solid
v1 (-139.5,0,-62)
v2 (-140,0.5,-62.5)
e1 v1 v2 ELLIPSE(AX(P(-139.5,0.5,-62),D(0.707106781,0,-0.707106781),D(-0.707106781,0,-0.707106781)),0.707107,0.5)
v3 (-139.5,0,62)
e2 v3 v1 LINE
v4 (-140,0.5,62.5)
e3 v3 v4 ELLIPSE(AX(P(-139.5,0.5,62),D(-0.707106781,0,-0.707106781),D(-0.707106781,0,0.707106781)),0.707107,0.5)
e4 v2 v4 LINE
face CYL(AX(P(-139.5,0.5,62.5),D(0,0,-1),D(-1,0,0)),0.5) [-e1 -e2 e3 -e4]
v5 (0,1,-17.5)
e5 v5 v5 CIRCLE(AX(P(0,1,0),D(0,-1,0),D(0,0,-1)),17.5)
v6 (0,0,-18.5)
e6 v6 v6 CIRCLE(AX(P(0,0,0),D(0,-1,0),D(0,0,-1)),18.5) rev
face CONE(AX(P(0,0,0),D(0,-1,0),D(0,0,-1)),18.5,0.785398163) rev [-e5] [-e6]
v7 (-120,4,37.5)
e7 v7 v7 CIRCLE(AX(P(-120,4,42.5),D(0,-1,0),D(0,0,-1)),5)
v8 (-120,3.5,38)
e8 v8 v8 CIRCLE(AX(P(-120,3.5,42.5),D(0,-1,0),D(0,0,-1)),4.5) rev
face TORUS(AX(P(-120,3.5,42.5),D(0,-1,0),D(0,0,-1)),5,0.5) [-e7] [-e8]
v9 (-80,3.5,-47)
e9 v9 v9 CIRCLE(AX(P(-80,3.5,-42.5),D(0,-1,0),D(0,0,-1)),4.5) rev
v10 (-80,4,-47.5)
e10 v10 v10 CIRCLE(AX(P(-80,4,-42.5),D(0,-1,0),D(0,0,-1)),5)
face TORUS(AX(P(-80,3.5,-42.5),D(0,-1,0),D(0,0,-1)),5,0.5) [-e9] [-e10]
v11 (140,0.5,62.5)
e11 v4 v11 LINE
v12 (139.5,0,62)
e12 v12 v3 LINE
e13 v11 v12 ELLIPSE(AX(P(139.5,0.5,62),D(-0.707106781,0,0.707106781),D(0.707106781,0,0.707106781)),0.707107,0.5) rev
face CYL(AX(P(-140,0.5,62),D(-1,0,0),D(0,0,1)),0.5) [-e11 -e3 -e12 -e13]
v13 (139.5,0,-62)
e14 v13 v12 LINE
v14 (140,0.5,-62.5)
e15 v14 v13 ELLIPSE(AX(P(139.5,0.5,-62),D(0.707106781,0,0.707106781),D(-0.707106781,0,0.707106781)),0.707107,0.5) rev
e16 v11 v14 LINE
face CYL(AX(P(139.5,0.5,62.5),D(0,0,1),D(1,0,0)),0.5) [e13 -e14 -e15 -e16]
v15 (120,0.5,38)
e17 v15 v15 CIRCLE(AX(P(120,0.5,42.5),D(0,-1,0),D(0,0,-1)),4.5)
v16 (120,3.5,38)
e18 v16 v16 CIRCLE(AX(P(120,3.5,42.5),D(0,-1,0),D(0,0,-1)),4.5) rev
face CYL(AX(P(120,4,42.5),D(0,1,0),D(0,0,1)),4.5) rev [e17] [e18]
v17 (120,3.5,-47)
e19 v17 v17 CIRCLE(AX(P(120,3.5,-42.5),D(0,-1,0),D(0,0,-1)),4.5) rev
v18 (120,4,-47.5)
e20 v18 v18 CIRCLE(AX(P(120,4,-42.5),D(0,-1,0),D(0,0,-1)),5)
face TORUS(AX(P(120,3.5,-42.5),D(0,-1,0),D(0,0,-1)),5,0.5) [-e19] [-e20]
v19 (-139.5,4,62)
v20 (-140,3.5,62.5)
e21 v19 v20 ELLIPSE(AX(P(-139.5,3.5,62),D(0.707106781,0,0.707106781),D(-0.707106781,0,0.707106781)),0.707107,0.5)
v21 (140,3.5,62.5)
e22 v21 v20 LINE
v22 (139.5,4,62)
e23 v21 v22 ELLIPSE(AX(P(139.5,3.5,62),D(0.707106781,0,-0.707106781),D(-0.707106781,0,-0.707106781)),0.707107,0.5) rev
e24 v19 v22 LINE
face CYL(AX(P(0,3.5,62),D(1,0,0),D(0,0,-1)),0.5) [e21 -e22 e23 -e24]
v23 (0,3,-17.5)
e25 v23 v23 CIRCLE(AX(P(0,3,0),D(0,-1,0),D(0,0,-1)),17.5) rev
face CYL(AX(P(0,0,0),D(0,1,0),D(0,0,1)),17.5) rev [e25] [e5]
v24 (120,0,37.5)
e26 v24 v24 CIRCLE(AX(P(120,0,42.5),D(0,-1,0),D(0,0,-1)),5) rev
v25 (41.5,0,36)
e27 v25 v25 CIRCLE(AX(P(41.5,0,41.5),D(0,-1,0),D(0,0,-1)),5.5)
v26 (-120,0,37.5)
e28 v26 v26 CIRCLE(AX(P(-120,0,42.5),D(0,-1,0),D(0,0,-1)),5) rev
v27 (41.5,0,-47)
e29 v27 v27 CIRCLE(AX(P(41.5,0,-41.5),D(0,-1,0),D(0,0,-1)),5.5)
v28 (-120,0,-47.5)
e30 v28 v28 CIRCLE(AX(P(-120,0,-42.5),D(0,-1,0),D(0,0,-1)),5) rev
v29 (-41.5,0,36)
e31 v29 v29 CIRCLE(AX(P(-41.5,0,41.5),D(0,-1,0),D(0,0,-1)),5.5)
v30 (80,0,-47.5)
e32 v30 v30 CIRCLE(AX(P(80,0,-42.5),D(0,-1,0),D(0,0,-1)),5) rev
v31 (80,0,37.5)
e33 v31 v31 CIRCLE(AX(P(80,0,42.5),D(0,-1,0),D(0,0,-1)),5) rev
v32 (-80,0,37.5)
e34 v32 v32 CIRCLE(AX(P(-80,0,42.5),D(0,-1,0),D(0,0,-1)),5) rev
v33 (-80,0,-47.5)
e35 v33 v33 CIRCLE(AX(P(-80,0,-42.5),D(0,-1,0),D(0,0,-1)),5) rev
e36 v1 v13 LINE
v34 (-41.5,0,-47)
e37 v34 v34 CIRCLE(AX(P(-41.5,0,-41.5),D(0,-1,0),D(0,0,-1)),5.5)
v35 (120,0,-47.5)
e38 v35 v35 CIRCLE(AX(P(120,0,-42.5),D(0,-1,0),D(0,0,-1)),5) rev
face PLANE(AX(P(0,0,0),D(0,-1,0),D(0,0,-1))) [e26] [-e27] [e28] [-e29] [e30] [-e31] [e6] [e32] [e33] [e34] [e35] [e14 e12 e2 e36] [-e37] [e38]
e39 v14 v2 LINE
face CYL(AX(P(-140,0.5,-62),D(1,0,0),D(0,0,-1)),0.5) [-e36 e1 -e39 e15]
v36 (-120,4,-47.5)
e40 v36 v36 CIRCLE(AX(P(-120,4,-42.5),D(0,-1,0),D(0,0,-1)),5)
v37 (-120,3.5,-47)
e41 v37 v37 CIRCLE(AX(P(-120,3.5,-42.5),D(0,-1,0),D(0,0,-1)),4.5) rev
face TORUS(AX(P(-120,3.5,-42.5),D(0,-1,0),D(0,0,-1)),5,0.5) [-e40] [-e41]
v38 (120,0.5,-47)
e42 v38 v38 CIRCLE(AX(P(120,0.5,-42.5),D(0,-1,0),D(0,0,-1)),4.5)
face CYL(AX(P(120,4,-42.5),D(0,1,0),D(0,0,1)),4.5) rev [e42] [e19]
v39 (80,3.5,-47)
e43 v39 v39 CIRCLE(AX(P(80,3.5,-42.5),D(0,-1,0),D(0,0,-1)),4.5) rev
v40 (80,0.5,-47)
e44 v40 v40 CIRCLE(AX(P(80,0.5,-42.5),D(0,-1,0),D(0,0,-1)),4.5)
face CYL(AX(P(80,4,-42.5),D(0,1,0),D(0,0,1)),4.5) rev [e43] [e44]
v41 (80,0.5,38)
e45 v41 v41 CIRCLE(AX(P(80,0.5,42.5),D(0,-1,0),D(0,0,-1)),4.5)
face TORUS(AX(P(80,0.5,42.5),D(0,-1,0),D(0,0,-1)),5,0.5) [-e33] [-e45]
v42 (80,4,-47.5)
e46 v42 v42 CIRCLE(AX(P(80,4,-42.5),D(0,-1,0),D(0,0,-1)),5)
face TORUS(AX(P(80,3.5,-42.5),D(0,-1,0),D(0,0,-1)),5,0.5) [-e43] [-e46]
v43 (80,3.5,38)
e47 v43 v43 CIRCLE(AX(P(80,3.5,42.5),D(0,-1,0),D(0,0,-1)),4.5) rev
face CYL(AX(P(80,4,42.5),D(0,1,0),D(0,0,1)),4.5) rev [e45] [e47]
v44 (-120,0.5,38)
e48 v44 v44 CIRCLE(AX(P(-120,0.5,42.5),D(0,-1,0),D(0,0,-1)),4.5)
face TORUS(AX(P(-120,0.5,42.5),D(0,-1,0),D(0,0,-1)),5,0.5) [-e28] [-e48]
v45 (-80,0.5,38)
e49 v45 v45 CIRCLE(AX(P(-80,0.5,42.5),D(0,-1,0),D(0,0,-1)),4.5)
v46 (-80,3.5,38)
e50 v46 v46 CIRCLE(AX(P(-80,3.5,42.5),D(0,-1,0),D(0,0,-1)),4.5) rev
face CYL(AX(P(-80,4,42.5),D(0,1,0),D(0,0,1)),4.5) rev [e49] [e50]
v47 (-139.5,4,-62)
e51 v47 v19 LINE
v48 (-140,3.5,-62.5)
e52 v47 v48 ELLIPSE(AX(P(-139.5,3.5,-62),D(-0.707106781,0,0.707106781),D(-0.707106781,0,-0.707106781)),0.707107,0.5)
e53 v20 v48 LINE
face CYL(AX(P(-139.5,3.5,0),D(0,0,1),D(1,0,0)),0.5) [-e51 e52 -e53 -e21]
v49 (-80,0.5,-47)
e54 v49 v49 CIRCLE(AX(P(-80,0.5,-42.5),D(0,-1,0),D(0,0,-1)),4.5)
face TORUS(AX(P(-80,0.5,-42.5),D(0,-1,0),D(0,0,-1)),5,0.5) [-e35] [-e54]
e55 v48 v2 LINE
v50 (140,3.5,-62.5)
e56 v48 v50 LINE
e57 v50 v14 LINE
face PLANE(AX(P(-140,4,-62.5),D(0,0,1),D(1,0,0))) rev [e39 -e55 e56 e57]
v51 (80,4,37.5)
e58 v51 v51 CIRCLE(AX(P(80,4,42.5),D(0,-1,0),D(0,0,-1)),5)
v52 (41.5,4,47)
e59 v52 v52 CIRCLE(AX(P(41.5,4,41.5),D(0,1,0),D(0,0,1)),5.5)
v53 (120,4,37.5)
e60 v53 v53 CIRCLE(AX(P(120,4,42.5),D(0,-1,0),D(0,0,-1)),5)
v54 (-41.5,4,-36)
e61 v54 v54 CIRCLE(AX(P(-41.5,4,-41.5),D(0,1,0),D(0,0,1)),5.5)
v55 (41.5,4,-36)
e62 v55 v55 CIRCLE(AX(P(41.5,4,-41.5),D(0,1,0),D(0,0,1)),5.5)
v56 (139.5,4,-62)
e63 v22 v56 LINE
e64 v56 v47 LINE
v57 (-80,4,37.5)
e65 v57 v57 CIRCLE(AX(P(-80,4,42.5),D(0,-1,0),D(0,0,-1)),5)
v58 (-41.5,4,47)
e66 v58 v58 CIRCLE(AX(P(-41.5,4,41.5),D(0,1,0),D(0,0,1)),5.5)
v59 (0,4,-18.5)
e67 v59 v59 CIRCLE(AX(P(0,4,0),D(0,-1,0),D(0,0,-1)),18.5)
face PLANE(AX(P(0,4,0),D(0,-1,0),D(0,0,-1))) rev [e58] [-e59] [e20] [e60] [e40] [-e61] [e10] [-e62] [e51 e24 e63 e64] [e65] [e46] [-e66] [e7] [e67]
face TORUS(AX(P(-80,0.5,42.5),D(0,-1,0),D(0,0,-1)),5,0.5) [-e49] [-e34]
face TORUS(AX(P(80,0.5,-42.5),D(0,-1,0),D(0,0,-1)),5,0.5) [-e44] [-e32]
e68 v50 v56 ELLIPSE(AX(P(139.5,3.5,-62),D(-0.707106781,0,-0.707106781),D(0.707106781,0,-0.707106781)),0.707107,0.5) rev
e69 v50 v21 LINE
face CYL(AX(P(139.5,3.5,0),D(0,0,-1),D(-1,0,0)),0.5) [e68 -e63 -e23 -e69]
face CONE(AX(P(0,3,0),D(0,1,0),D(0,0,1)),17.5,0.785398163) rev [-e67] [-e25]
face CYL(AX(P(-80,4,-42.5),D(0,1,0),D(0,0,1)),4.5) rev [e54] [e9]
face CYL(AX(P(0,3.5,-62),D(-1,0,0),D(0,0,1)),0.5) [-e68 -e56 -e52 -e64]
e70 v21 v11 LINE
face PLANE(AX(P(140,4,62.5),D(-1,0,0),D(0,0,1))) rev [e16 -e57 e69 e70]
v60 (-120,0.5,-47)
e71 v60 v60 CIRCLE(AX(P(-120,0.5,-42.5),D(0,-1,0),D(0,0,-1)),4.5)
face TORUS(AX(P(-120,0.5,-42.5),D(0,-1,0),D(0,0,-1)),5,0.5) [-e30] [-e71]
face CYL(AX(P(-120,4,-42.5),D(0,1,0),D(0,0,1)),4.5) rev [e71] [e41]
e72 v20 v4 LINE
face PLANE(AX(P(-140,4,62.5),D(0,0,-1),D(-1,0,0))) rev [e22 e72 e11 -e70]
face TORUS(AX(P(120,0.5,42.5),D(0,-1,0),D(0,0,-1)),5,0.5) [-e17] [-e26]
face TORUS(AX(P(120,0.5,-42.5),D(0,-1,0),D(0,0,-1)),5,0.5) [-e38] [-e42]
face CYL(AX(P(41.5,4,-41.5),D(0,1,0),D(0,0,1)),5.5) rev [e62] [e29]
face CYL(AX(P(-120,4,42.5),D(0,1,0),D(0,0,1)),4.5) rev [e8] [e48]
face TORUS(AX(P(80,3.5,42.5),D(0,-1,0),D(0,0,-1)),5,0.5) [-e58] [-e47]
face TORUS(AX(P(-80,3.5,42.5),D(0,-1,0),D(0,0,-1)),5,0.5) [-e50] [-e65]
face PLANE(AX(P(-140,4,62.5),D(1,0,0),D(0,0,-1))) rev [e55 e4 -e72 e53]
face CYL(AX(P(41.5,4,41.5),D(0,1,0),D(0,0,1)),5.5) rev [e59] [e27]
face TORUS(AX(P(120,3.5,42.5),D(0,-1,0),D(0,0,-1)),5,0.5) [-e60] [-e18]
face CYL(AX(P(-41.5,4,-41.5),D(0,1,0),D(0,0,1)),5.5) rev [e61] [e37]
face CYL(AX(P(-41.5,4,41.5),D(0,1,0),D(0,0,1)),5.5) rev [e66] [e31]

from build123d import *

# Parameters (mm, degrees)
SZKIC1_W                    = 280
SZKIC1_H                    = 125
DODANIE_WYCI_GNI_CIE1_DEPTH = 4
OTW_R_POD_RUB_M81_D         = 9
OTW_R_POD_RUB_M81_DEPTH     = 10
OTW_R_POD_RUB_M81_TIP       = 2.703872786
ZAOKR_GLENIE1_R             = 0.5
OTW_R_POD_RUB_M101_D        = 11
OTW_R_POD_RUB_M101_DEPTH    = 10
OTW_R_POD_RUB_M101_TIP      = 3.304733405
SZKIC5_R                    = 17.5
WYTNIJ_WYCI_GNI_CIE1_DEPTH  = 4
SFAZOWANIE1_SIZE            = 1


with BuildPart() as part:
    # Szkic1 → Dodanie-wyciągnięcie1 (new body)
    with BuildSketch(Plane(origin=(0, 0, 0), x_dir=(1, 0, 0), z_dir=(0, 1, 0))):
        Rectangle(SZKIC1_W, SZKIC1_H)
    extrude(amount=DODANIE_WYCI_GNI_CIE1_DEPTH)

    # Otwór pod śrubę M81
    with Locations(Plane(origin=(0, 4, 0), x_dir=(1, 0, 0), z_dir=(0, 1, 0))):
        with Locations((-120, 42.5), (-80, 42.5), (-80, -42.5), (-120, -42.5), (120, -42.5), (80, -42.5), (80, 42.5), (120, 42.5)):
            Hole(OTW_R_POD_RUB_M81_D / 2, depth=OTW_R_POD_RUB_M81_DEPTH)
            with Locations((0, 0, -(OTW_R_POD_RUB_M81_DEPTH + OTW_R_POD_RUB_M81_TIP / 2))):  # 118° drill point
                Cone(0, OTW_R_POD_RUB_M81_D / 2, OTW_R_POD_RUB_M81_TIP, mode=Mode.SUBTRACT)

    # Zaokrąglenie1
    zaokr_glenie1_edges = [part.edges().sort_by_distance(p)[0] for p in [
        (-140, 4, 0),
        (0, 4, 62.5),
        (124.5, 0, -42.5),
        (124.5, 4, -42.5),
        (84.5, 0, -42.5),
        (84.5, 4, -42.5),
        (84.5, 0, 42.5),
        (84.5, 4, 42.5),
        (124.5, 0, 42.5),
        (124.5, 4, 42.5),
        (-115.5, 0, 42.5),
        (-115.5, 4, 42.5),
        (140, 4, 0),
        (0, 0, 62.5),
        (-75.5, 0, 42.5),
        (-75.5, 4, 42.5),
        (-140, 0, 0),
        (-75.5, 0, -42.5),
        (-75.5, 4, -42.5),
        (0, 0, -62.5),
        (140, 0, 0),
        (-115.5, 0, -42.5),
        (-115.5, 4, -42.5),
        (0, 4, -62.5),
    ]]
    fillet(zaokr_glenie1_edges, radius=ZAOKR_GLENIE1_R)

    # Otwór pod śrubę M101
    with Locations(Plane(origin=(0, 4, 0), x_dir=(1, 0, 0), z_dir=(0, 1, 0))):
        with Locations((41.5, 41.5), (-41.5, 41.5), (-41.5, -41.5), (41.5, -41.5)):
            Hole(OTW_R_POD_RUB_M101_D / 2, depth=OTW_R_POD_RUB_M101_DEPTH)
            with Locations((0, 0, -(OTW_R_POD_RUB_M101_DEPTH + OTW_R_POD_RUB_M101_TIP / 2))):  # 118° drill point
                Cone(0, OTW_R_POD_RUB_M101_D / 2, OTW_R_POD_RUB_M101_TIP, mode=Mode.SUBTRACT)

    # Szkic5 → Wytnij-wyciągnięcie1 (cut)
    with BuildSketch(Plane(origin=(0, 4, 0), x_dir=(1, 0, 0), z_dir=(0, 1, 0))):
        with Locations(Location((0, 0, 0), (0, 0, 270))):
            Circle(SZKIC5_R)
    extrude(amount=-WYTNIJ_WYCI_GNI_CIE1_DEPTH, mode=Mode.SUBTRACT)

    # Sfazowanie1
    sfazowanie1_edges = [part.edges().sort_by_distance(p)[0] for p in [
        (0, 0, -17.5),
        (0, 4, -17.5),
    ]]
    chamfer(sfazowanie1_edges, length=SFAZOWANIE1_SIZE)


solid = part.part
